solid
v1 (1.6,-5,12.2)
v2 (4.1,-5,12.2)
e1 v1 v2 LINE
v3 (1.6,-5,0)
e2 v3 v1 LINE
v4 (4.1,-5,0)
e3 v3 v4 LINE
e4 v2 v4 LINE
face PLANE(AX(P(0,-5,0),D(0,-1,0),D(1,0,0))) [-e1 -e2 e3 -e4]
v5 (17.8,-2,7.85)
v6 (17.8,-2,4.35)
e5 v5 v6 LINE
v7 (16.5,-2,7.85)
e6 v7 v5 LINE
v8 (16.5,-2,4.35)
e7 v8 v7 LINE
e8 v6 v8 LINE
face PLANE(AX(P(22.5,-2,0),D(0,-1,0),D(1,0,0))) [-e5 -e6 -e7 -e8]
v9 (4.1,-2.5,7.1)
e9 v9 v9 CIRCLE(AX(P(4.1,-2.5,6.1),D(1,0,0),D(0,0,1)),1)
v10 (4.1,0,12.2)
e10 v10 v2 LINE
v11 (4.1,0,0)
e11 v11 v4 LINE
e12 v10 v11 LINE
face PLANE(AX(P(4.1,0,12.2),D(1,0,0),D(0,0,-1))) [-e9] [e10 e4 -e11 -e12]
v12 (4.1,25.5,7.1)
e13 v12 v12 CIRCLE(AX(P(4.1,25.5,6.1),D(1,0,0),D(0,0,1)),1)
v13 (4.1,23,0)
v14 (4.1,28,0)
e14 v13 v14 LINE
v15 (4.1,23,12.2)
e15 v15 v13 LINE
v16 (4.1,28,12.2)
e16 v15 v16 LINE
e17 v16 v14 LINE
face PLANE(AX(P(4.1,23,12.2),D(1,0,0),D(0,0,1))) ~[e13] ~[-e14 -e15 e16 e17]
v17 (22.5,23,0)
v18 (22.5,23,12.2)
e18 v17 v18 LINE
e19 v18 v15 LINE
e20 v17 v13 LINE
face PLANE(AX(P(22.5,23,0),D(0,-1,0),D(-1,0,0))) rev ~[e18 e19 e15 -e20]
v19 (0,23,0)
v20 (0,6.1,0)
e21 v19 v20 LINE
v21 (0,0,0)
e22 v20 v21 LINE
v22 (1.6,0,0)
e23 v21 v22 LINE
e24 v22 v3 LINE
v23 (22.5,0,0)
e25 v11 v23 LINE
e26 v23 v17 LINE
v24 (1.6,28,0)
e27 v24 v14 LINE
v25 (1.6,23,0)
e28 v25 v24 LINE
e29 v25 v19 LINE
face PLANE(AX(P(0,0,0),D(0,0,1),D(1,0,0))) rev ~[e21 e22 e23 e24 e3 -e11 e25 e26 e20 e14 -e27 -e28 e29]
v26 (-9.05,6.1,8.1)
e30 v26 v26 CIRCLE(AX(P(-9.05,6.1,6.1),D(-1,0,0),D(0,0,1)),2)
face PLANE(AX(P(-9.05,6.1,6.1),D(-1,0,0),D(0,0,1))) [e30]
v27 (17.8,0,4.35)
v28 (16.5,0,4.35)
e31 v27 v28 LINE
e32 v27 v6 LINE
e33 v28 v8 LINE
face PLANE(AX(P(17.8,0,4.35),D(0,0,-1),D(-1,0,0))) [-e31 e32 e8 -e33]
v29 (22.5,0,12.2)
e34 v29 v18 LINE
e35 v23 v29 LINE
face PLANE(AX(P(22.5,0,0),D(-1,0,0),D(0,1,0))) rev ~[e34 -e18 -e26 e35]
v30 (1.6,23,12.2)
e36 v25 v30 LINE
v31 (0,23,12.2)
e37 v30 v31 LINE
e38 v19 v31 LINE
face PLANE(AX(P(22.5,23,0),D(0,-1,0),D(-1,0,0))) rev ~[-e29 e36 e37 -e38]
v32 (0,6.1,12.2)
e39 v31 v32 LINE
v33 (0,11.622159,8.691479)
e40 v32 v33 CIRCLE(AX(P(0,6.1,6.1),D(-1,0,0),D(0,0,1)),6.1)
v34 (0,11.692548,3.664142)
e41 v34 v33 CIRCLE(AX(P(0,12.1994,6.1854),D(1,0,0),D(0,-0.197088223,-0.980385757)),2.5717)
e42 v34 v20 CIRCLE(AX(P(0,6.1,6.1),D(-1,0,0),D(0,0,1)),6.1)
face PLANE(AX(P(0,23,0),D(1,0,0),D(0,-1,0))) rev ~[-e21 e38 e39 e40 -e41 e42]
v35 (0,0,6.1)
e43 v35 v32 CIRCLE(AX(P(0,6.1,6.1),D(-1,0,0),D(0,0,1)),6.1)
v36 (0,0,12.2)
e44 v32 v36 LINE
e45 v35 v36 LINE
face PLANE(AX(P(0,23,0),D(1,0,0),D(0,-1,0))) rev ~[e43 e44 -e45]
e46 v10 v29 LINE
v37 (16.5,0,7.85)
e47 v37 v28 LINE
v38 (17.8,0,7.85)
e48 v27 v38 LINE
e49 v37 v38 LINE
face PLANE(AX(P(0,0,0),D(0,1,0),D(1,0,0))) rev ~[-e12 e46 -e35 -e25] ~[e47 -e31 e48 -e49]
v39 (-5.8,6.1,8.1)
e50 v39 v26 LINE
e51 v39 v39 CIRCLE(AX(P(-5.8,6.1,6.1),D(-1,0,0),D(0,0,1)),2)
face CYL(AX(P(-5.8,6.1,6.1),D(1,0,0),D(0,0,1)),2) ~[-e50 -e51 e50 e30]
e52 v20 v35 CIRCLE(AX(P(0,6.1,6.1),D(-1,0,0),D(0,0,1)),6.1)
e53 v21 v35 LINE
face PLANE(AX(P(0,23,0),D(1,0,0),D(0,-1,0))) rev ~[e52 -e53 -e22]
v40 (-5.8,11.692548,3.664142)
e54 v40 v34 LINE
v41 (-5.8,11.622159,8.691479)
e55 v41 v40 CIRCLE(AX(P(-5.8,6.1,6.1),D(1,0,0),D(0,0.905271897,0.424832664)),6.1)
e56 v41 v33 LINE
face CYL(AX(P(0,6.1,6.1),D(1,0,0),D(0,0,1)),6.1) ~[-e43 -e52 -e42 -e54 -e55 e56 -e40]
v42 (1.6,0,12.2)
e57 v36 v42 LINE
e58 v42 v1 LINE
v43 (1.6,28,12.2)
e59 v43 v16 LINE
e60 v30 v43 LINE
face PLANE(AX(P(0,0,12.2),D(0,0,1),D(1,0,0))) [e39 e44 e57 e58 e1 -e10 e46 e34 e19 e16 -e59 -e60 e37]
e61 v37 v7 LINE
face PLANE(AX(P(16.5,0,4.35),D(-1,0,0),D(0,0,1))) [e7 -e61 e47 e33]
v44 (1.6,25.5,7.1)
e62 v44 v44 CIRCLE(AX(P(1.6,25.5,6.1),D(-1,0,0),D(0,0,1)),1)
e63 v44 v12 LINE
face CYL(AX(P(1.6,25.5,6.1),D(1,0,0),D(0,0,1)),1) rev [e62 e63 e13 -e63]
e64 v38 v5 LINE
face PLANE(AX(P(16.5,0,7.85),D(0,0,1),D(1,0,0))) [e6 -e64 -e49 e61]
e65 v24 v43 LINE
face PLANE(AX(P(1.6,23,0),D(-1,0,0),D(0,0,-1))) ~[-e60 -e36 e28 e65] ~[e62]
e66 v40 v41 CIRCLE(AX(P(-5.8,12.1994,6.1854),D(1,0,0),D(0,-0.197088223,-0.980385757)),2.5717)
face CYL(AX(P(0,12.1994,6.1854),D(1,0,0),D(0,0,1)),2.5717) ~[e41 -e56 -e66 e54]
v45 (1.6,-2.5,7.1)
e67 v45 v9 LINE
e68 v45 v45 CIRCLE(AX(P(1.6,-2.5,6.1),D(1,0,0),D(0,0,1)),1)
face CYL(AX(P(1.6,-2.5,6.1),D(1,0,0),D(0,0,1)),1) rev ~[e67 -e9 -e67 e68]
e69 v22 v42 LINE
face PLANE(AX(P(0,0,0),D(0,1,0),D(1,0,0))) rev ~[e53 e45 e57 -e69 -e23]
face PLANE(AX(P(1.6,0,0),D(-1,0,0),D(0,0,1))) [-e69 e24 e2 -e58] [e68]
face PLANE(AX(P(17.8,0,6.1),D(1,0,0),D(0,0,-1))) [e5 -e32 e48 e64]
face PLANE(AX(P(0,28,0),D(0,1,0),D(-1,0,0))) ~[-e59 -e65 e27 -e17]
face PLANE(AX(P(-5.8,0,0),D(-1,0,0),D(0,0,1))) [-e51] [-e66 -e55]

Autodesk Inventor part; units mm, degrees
ref_plane "YZ Plane" through (0, 0, 0) normal (1, 0, 0) x (0, 1, 0)
ref_plane "XZ Plane" through (0, 0, 0) normal (0, 1, 0) x (-1, 0, 0)
ref_plane "XY Plane" through (0, 0, 0) normal (0, 0, 1) x (1, 0, 0)
sketch "Sketch1" plane through (0, 0, 0) normal (0, 0, 1) x (1, 0, 0)
  line L0 (0, 0) -> (22.5, 0)
  line L1 (22.5, 0) -> (22.5, 23)
  line L2 (22.5, 23) -> (0, 23)
  line L3 (0, 23) -> (0, 0)
  dimension "d0" = 22.5
  dimension "d1" = 23
extrude "Extrusion1" add sketch "Sketch1" along normal blind 12.2
sketch "Sketch2" plane through (0, 0, 0) normal (0, -1, 0) x (1, 0, 0)
  line L0 (0, 12.2) -> (22.5, 12.2) projected
  line L1 (0, 0) -> (22.5, 0) projected
  line L2 (1.6, 12.2) -> (4.1, 12.2)
  line L3 (4.1, 12.2) -> (4.1, 0)
  line L4 (4.1, 0) -> (1.6, 0)
  line L5 (1.6, 0) -> (1.6, 12.2)
  line L6 (22.5, 0) -> (22.5, 12.2) projected
  dimension "d4" = 2.5
  dimension "d5" = 18.4
extrude "Extrusion2" add sketch "Sketch2" along normal blind 5 contours L0 L3 L1 L5
ref_plane "Work Plane1" through (22.5, 11.5, 0) normal (0, -1, 0) x (1, 0, 0)
mirror "Mirror1" about plane through (22.5, 11.5, 0) normal (0, -1, 0) of "Extrusion2"
ref_plane "Work Plane3" through (0, -2.5, 0) normal (0, -1, 0) x (1, 0, 0)
ref_plane "Work Plane4" through (0, 0, 6.1) normal (0, 0, 1) x (1, 0, 0)
hole "Hole1" at (1.6, -2.5, 6.1) direction (1, 0, 0) diameter 2 end through all
mirror "Mirror2" about plane through (22.5, 11.5, 0) normal (0, -1, 0) of "Hole1"
sketch "Sketch3" plane through (22.5, 0, 0) normal (0, -1, 0) x (1, 0, 0)
  line L0 (-4.7, 4.35) -> (-6, 4.35)
  line L1 (-6, 4.35) -> (-6, 7.85)
  line L2 (-6, 7.85) -> (-4.7, 7.85)
  line L3 (-4.7, 7.85) -> (-4.7, 4.35)
  line L4 (0, 12.2) -> (0, 0) projected
  line L5 (0, 0) -> (-18.4, 0) projected
  line L6 (-18.4, 12.2) -> (-18.4, 0) projected
  line L7 (-20.9, 12.2) -> (-18.4, 12.2) projected
  line L8 (-20.9, 0) -> (-20.9, 12.2) projected
  line L9 (-20.9, 0) -> (-22.5, 0) projected
  line L10 (-22.5, 0) -> (-22.5, 12.2) projected
  line L11 (-22.5, 12.2) -> (-20.9, 12.2) projected
  line L12 (-18.4, 12.2) -> (0, 12.2) projected
  line L13 (-18.4, 0) -> (-20.9, 0) projected
  line L14 (0, 12.2) -> (0, 0) projected
  line L15 (0, 0) -> (-18.4, 0) projected
  line L16 (-18.4, 12.2) -> (-18.4, 0) projected
  line L17 (-20.9, 12.2) -> (-18.4, 12.2) projected
  line L18 (-20.9, 0) -> (-20.9, 12.2) projected
  line L19 (-20.9, 0) -> (-22.5, 0) projected
  line L20 (-22.5, 0) -> (-22.5, 12.2) projected
  line L21 (-22.5, 12.2) -> (-20.9, 12.2) projected
  line L22 (-18.4, 12.2) -> (0, 12.2) projected
  line L23 (-18.4, 0) -> (-20.9, 0) projected
  line L24 (0, 12.2) -> (0, 0) projected
  line L25 (0, 0) -> (-18.4, 0) projected
  line L26 (-18.4, 12.2) -> (-18.4, 0) projected
  line L27 (-20.9, 12.2) -> (-18.4, 12.2) projected
  line L28 (-20.9, 0) -> (-20.9, 12.2) projected
  line L29 (-20.9, 0) -> (-22.5, 0) projected
  line L30 (-22.5, 0) -> (-22.5, 12.2) projected
  line L31 (-22.5, 12.2) -> (-20.9, 12.2) projected
  line L32 (-18.4, 12.2) -> (0, 12.2) projected
  line L33 (-18.4, 0) -> (-20.9, 0) projected
  line L34 (-27, 6.1) -> (4.5, 6.1) projected
  point P0 (-6, 6.1)
  dimension "d17" = 1.3
  dimension "d18" = 3.5
  dimension "d19" = 4.7
extrude "Extrusion3" add sketch "Sketch3" along normal blind 2 contours L0 L1 L34 L3 | L34 L1 L2 L3
sketch "Sketch4" plane through (0, 0, 0) normal (-1, 0, 0) x (0, 0, 1)
  line L0 (6.1, 34.6) -> (6.1, -11.6) projected
  circle A0 centre (6.1, 6.1) radius 6.1
  line L1 (0, 0) -> (0, 23) projected
  line L2 (0, 0) -> (12.2, 0) projected
extrude "Extrusion4" add sketch "Sketch4" along normal blind 5.8 contours A0 L0 | L0 A0
sketch "Sketch5" plane through (-5.8, 6.1, 6.1) normal (-1, 0, 0) x (0, 0, 1)
  circle A0 centre (0, 0) radius 2
  point P0 (-6.1, -6.1)
  dimension "d24" = 4
extrude "Extrusion5" add sketch "Sketch5" along normal blind 3.25
sketch "Sketch6" plane through (0, 23, 0) normal (-1, 0, 0) x (0, 0, 1)
  circle A0 centre (6.1, -16.9) radius 6.1 projected
  arc A1 (12.2, -16.9) -> (0, -16.9) centre (6.1, -16.9) ccw projected
  circle A2 centre (6.1854, -10.8006) radius 2.5717
  point P0 (0, -23)
extrude "Extrusion6" add sketch "Sketch6" along normal up to surface (5.8 mm away) contours A2 A0 | A0 A2 picked at (5.289, -10.1215) picked at (6.9125, -11.6556)
ref_plane "Work Plane2" through (22.5, 11.5, 0) normal (0, -1, 0) x (1, 0, 0)
properties part number "servo_metal_600TVL"
